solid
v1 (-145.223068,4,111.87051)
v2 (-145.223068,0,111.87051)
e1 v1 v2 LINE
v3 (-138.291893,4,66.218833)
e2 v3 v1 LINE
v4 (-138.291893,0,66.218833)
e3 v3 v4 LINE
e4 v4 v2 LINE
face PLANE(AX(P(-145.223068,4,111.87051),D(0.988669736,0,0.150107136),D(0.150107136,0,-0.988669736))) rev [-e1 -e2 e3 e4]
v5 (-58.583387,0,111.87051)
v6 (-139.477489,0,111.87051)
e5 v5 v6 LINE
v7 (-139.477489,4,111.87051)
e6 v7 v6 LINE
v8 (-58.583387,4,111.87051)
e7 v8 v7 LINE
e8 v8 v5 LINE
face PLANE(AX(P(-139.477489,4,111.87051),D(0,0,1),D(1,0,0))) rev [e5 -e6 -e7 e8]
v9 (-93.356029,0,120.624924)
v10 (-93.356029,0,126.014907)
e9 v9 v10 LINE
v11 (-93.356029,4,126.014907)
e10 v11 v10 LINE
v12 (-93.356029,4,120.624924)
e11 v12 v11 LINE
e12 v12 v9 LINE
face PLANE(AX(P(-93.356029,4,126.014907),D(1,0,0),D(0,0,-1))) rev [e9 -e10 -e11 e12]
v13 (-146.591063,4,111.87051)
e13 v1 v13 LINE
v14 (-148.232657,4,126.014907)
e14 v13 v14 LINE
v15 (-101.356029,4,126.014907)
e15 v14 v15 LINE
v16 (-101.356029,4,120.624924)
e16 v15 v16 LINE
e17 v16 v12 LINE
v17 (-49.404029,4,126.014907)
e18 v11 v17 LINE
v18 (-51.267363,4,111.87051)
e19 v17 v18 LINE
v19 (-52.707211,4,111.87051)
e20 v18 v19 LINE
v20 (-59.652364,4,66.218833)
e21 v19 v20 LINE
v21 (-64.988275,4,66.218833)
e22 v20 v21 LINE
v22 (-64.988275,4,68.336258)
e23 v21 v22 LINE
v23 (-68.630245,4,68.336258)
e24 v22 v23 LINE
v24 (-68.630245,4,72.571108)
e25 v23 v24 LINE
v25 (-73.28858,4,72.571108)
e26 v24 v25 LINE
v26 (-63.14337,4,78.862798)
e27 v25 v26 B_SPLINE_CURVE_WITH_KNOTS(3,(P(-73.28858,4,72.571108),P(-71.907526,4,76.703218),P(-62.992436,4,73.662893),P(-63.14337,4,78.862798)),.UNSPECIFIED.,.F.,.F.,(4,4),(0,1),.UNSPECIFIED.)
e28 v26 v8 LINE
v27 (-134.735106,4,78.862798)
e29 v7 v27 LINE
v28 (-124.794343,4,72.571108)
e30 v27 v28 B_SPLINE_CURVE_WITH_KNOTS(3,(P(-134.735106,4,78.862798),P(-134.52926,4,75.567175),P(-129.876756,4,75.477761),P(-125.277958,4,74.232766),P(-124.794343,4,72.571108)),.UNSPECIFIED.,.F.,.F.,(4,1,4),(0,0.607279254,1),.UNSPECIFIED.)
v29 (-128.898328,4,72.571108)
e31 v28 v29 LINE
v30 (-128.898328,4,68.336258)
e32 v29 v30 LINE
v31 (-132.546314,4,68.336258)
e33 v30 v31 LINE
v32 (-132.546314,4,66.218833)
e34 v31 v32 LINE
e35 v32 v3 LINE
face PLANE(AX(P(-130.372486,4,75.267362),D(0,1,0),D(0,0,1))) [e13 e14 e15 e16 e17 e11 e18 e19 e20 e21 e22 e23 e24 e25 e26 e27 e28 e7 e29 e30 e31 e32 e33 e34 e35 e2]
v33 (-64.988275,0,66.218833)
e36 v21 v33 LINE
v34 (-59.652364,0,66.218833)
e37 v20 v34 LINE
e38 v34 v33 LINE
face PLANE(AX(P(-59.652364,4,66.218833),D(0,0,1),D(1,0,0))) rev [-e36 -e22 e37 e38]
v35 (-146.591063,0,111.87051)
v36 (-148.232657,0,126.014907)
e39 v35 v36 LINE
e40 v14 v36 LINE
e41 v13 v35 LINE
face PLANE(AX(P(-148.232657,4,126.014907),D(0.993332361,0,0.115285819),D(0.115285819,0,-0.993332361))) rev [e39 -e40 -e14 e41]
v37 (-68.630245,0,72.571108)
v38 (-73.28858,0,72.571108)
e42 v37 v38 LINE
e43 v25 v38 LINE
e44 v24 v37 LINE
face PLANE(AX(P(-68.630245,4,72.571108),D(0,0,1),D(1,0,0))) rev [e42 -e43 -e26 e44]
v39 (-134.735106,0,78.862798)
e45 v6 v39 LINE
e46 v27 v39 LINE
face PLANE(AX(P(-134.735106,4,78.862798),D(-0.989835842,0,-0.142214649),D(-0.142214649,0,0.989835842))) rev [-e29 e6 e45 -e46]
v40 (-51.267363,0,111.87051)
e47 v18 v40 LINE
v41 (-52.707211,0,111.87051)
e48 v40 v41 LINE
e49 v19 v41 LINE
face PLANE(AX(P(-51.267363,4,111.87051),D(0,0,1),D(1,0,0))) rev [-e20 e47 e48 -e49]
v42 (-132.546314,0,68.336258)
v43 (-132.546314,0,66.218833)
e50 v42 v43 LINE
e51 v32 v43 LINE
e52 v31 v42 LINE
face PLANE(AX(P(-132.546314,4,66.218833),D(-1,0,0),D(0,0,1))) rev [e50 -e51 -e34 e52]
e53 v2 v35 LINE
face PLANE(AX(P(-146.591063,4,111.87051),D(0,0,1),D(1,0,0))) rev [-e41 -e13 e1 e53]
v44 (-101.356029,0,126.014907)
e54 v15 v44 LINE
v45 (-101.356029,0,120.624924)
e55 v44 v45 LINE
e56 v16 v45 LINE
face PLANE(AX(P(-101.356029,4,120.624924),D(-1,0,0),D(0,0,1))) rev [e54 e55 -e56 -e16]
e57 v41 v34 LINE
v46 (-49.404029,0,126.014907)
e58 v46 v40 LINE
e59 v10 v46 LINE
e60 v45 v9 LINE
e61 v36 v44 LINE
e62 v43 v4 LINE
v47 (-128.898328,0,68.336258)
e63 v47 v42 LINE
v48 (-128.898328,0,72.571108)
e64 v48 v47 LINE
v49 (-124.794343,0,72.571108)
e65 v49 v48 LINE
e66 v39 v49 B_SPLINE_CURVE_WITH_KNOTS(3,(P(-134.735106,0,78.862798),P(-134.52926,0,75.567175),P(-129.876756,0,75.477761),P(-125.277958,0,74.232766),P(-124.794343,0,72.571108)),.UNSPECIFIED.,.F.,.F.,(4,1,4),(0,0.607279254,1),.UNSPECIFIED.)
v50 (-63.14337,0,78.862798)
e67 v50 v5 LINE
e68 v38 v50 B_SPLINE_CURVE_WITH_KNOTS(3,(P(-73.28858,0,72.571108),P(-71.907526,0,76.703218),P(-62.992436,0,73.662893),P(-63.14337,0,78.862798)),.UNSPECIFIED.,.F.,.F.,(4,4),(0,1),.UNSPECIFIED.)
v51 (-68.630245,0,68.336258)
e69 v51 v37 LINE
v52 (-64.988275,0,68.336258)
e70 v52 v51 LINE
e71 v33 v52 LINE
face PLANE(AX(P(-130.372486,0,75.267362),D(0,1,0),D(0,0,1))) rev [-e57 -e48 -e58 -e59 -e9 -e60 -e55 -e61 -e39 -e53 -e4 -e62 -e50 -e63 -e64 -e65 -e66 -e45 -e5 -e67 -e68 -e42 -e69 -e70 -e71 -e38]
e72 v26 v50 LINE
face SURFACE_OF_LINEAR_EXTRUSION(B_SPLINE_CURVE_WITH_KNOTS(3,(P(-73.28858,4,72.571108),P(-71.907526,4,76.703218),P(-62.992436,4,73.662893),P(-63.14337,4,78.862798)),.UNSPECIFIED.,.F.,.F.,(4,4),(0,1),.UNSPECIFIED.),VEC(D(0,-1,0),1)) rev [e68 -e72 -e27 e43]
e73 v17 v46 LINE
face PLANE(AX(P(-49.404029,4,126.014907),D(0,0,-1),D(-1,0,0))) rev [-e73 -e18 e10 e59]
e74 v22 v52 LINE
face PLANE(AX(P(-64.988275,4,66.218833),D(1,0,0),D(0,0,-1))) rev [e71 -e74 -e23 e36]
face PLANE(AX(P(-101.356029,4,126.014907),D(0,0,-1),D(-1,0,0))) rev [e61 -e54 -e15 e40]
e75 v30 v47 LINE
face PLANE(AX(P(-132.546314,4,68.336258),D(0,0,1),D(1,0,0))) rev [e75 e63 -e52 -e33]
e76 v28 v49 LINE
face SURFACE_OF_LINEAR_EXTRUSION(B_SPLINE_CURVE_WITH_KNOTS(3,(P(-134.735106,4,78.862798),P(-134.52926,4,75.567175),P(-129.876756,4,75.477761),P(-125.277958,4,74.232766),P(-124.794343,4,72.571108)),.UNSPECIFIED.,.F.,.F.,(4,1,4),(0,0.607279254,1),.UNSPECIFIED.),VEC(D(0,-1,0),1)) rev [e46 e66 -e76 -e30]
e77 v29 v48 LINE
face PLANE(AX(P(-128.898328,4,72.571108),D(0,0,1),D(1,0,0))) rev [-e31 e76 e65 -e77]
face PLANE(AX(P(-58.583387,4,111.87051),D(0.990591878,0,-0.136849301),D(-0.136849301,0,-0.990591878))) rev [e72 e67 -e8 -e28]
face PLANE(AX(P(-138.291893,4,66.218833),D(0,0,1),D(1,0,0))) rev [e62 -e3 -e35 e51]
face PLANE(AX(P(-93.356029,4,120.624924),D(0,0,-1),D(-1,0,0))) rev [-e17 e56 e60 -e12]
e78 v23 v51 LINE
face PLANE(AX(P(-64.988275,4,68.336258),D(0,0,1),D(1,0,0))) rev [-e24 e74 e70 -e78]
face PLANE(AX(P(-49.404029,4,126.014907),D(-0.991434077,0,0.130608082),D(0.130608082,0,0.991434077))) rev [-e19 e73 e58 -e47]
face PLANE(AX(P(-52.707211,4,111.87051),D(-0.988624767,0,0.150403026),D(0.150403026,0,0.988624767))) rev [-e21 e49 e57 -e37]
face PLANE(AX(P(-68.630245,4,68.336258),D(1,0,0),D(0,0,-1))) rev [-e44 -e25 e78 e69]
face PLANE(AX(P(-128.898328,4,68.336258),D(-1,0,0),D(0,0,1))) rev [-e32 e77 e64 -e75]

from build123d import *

# Parameters (mm, degrees)
EXTRUDE_1_DEPTH = 4


with BuildPart() as part:
    # 草图1 → 凸台-拉伸1 (new body)
    with BuildSketch(Plane(origin=(0, 0, 0), x_dir=(1, 0, 0), z_dir=(0, 1, 0))):
        with BuildLine():
            Line((-49.404028848, -126.014907086), (-51.26736259, -111.870510049))
            Line((-51.26736259, -111.870510049), (-52.70721139, -111.870510049))
            Line((-52.70721139, -111.870510049), (-59.652364426, -66.218833388))
            Line((-59.652364426, -66.218833388), (-64.988274685, -66.218833388))
            Line((-64.988274685, -66.218833388), (-64.988274685, -68.336258094))
            Line((-64.988274685, -68.336258094), (-68.630245179, -68.336258094))
            Line((-68.630245179, -68.336258094), (-68.630245179, -72.571107506))
            Line((-68.630245179, -72.571107506), (-73.288579532, -72.571107506))
            add(Edge.make_bspline(
                [(-63.143369767, -78.862797811), (-62.992435868, -73.662892561), (-71.907525745, -76.703218171), (-73.288579532, -72.571107506)],
                knots=[0, 0, 0, 0, 1, 1, 1, 1], degree=3))
            Line((-63.143369767, -78.862797811), (-58.583386552, -111.870510049))
            Line((-58.583386552, -111.870510049), (-139.477488779, -111.870510049))
            Line((-139.477488779, -111.870510049), (-134.735106236, -78.862797811))
            add(Edge.make_bspline(
                [(-124.794342828, -72.571107506), (-125.277958037, -74.232765948), (-129.876755781, -75.477760941), (-134.529259996, -75.567175036), (-134.735106236, -78.862797811)],
                knots=[0, 0, 0, 0, 0.392720746, 1, 1, 1, 1], degree=3))
            Line((-124.794342828, -72.571107506), (-128.898327721, -72.571107506))
            Line((-128.898327721, -72.571107506), (-128.898327721, -68.336258094))
            Line((-128.898327721, -68.336258094), (-132.546314293, -68.336258094))
            Line((-132.546314293, -68.336258094), (-132.546314293, -66.218833388))
            Line((-132.546314293, -66.218833388), (-138.291893143, -66.218833388))
            Line((-138.291893143, -66.218833388), (-145.223067629, -111.870510049))
            Line((-145.223067629, -111.870510049), (-146.591062594, -111.870510049))
            Line((-146.591062594, -111.870510049), (-148.232656551, -126.014907086))
            Line((-148.232656551, -126.014907086), (-101.356029105, -126.014907086))
            Line((-101.356029105, -126.014907086), (-101.356029105, -120.624924421))
            Line((-101.356029105, -120.624924421), (-93.356029105, -120.624924421))
            Line((-93.356029105, -120.624924421), (-93.356029105, -126.014907086))
            Line((-93.356029105, -126.014907086), (-49.404028848, -126.014907086))
        make_face()
    extrude(amount=EXTRUDE_1_DEPTH)


solid = part.part
